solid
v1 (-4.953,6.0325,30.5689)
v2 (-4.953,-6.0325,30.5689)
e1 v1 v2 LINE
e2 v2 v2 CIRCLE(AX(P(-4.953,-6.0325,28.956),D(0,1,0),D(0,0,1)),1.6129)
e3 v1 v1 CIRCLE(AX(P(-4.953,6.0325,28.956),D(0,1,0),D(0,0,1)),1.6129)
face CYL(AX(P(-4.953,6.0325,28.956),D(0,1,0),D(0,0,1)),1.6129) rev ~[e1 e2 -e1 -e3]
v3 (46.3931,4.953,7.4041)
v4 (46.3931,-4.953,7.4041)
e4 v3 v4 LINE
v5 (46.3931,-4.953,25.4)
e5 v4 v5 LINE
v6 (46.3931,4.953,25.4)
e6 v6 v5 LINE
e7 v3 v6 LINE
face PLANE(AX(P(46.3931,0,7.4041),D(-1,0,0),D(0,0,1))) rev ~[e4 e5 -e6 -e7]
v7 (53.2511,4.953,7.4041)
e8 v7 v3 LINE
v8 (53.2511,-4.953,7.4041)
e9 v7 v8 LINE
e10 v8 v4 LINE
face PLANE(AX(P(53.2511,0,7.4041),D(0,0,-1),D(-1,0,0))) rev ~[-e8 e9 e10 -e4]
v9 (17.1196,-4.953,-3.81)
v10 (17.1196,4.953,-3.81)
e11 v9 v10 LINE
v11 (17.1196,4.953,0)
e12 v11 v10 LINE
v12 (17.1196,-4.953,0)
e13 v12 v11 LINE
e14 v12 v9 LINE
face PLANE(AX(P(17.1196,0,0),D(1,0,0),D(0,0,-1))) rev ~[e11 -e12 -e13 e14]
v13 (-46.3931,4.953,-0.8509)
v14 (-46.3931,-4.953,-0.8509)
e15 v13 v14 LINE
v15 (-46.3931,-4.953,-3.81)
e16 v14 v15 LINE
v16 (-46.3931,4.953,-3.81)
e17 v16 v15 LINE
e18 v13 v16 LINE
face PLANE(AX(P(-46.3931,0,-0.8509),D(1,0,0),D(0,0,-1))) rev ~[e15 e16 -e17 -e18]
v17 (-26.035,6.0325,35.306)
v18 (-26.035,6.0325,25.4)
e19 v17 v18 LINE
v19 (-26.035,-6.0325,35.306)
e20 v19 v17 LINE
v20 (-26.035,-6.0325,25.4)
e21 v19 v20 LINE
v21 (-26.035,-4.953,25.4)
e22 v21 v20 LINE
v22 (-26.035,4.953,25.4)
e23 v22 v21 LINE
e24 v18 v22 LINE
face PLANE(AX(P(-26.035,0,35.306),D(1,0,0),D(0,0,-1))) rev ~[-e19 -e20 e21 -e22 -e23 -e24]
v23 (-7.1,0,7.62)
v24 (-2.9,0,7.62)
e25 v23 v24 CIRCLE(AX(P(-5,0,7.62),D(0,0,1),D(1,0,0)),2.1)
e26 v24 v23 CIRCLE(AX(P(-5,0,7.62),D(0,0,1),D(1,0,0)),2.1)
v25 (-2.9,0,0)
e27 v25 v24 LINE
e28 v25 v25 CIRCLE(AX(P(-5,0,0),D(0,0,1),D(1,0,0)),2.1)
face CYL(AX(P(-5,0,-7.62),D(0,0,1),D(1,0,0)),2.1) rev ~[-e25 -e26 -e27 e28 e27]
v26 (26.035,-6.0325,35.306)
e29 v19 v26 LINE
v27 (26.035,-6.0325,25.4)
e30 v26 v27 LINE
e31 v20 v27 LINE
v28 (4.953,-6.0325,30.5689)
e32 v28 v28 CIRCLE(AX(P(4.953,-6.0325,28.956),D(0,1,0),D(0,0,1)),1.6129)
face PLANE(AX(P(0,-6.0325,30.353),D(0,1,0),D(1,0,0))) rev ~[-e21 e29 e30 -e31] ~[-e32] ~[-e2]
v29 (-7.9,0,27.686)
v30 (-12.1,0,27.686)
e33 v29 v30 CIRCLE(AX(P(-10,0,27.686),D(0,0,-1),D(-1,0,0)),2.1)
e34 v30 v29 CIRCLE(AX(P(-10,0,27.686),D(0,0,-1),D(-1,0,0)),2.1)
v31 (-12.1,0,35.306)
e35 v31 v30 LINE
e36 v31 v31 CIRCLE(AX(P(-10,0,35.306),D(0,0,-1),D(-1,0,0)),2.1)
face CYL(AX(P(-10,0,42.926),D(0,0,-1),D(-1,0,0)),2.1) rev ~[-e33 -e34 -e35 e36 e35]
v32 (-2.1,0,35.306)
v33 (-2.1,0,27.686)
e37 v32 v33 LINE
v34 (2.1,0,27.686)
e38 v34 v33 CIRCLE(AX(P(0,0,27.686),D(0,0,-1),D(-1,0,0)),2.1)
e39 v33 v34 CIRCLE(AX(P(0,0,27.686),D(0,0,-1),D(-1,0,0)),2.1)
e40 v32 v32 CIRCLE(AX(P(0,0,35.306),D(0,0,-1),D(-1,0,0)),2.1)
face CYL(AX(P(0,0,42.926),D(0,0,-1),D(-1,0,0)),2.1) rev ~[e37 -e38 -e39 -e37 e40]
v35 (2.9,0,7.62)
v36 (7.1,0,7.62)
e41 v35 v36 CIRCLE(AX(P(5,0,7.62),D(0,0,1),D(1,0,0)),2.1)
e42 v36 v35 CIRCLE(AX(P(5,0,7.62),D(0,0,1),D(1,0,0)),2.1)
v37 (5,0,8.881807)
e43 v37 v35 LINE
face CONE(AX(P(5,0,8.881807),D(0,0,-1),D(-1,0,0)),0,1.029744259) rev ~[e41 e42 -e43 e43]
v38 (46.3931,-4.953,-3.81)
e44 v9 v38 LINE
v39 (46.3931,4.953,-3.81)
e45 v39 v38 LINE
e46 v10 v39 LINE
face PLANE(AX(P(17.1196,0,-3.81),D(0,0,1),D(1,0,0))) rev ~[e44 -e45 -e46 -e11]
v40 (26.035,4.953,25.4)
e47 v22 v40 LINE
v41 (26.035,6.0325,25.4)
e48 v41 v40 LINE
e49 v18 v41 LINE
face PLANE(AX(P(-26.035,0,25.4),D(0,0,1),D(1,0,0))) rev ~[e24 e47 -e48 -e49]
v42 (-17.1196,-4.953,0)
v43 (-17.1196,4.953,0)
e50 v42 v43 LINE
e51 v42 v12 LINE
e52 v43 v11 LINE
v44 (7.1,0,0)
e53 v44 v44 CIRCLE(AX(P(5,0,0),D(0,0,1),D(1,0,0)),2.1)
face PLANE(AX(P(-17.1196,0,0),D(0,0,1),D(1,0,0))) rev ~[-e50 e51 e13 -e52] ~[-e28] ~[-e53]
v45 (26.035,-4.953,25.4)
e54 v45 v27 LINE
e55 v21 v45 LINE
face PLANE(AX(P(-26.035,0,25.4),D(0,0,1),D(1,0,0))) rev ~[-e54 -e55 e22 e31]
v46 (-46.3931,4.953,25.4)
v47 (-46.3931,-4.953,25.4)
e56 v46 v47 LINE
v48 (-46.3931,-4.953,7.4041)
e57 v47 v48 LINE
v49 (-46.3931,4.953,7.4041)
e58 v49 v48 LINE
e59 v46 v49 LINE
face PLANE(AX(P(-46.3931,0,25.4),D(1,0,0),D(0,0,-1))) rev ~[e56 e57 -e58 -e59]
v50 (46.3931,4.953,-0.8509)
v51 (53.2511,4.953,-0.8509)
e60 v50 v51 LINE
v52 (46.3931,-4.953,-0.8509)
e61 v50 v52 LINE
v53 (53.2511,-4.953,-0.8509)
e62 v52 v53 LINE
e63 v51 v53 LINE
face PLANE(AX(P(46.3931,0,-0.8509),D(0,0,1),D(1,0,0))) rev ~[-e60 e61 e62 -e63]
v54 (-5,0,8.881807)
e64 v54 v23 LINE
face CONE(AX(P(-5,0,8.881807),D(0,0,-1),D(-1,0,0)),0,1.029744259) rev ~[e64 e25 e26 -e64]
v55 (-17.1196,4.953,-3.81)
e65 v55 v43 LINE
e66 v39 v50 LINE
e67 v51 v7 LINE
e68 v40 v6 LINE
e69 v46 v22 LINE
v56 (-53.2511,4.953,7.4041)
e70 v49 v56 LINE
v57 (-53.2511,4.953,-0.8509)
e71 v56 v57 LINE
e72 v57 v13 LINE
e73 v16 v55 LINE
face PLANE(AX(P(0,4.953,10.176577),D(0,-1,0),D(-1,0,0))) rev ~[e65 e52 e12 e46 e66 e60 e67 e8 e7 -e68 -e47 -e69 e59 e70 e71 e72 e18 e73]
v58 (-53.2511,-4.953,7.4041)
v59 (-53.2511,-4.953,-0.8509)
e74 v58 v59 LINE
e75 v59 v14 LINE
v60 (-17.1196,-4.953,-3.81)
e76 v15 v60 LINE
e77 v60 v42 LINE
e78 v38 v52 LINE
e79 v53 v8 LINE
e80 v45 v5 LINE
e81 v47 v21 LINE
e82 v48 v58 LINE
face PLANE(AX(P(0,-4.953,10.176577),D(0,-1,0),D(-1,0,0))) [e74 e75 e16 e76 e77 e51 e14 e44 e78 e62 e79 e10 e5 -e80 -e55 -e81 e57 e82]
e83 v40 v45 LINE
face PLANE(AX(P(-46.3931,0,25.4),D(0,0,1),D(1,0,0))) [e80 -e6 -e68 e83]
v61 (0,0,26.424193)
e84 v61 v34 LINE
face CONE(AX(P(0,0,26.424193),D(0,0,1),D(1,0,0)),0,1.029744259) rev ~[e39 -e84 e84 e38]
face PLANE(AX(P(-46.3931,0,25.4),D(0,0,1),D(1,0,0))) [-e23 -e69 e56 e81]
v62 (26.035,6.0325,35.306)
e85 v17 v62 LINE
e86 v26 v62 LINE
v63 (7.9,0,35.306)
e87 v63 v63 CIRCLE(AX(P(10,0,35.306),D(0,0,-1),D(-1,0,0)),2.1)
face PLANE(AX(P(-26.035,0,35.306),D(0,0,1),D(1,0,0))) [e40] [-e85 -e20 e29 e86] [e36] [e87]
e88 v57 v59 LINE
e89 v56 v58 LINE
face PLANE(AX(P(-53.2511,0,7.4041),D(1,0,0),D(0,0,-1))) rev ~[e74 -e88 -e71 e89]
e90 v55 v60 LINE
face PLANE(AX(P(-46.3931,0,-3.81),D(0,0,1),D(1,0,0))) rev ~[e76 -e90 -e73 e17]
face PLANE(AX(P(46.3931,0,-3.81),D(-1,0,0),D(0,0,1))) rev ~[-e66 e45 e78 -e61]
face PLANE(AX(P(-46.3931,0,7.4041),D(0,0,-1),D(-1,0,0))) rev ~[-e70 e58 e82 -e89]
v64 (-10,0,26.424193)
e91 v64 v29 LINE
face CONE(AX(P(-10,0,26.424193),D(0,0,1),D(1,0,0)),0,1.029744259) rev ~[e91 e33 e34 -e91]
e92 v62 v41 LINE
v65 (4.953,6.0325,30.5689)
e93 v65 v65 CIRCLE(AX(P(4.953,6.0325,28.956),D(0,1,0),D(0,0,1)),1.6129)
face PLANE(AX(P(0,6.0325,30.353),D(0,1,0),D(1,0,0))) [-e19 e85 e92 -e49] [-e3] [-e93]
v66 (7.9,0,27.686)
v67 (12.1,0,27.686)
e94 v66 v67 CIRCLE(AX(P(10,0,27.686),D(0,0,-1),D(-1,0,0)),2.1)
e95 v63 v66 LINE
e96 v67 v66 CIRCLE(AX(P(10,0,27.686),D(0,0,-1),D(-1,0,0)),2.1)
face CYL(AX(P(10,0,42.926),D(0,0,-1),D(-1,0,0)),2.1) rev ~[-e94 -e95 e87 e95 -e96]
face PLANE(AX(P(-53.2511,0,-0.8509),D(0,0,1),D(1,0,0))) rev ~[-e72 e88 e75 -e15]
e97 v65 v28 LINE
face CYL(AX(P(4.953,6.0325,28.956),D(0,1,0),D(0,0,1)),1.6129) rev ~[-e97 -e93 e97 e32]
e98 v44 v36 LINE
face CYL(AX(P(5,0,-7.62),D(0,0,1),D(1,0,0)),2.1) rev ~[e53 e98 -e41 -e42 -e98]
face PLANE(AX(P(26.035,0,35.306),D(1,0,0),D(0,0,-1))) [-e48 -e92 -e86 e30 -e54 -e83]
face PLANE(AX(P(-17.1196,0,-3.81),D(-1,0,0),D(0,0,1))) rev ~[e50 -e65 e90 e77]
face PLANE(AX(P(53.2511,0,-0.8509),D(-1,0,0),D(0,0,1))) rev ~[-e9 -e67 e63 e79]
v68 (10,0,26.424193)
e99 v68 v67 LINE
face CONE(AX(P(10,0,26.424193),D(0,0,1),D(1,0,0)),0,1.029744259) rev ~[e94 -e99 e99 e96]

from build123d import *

# Parameters (mm, degrees)
BOSS_EXTRUDE1_DEPTH                 = 4.953
SKETCH4_W                           = 52.07
SKETCH4_H                           = 9.906
BOSS_EXTRUDE3_DEPTH                 = 6.0325
SKETCH5_R                           = 1.6129
CUT_EXTRUDE1_DEPTH                  = 12.065
M5X0_8_TAPPED_HOLE1_D               = 4.2
M5X0_8_TAPPED_HOLE1_DEPTH           = 7.62
M5X0_8_TAPPED_HOLE1_TIP             = 1.2618073
M5X0_8_TAPPED_HOLE1_ON_FACE_2_D     = 4.2
M5X0_8_TAPPED_HOLE1_ON_FACE_2_DEPTH = 7.62
M5X0_8_TAPPED_HOLE1_ON_FACE_2_TIP   = 1.2618073


with BuildPart() as part:
    # Sketch1 → Boss-Extrude1 (new, symmetric)
    with BuildSketch(Plane(origin=(0, 0, 0), x_dir=(1, 0, 0), z_dir=(0, 1, 0))):
        Polygon((17.1196, 3.81), (46.3931, 3.81), (46.3931, 0.8509), (53.2511, 0.8509), (53.2511, -7.4041), (46.3931, -7.4041), (46.3931, -25.4), (26.035, -25.4), (-26.035, -25.4), (-46.3931, -25.4), (-46.3931, -7.4041), (-53.2511, -7.4041), (-53.2511, 0.8509), (-46.3931, 0.8509), (-46.3931, 3.81), (-17.1196, 3.81), (-17.1196, 0), (17.1196, 0), align=None)
    extrude(amount=BOSS_EXTRUDE1_DEPTH, both=True)

    # Sketch4 → Boss-Extrude3 (add, symmetric)
    with BuildSketch(Plane(origin=(0, 0, 0), x_dir=(1, 0, 0), z_dir=(0, 1, 0))):
        with Locations((0, -30.353)):
            Rectangle(SKETCH4_W, SKETCH4_H)
    extrude(amount=BOSS_EXTRUDE3_DEPTH, both=True)

    # Sketch5 → Cut-Extrude1 (cut)
    with BuildSketch(Plane(origin=(0, 6.0325, 0), x_dir=(1, 0, 0), z_dir=(0, 1, 0))):
        with Locations(Location((-4.953, -28.956, 0), (0, 0, 270))):
            Circle(SKETCH5_R)
        with Locations(Location((4.953, -28.956, 0), (0, 0, 270))):
            Circle(SKETCH5_R)
    extrude(amount=-CUT_EXTRUDE1_DEPTH, mode=Mode.SUBTRACT)

    # M5x0.8 Tapped Hole1
    with Locations(Plane.XY.offset(35.306)):
        with Locations((0, 0), (-10, 0), (10, 0)):
            Hole(M5X0_8_TAPPED_HOLE1_D / 2, depth=M5X0_8_TAPPED_HOLE1_DEPTH)
            with Locations((0, 0, -(M5X0_8_TAPPED_HOLE1_DEPTH + M5X0_8_TAPPED_HOLE1_TIP / 2))):  # 118° drill point
                Cone(0, M5X0_8_TAPPED_HOLE1_D / 2, M5X0_8_TAPPED_HOLE1_TIP, mode=Mode.SUBTRACT)

    # M5x0.8 Tapped Hole1 on face 2
    with Locations(Plane(origin=(-5, 0, 0), x_dir=(-1, 0, 0), z_dir=(0, 0, -1))):
        with Locations((0, 0), (-10, 0)):
            Hole(M5X0_8_TAPPED_HOLE1_ON_FACE_2_D / 2, depth=M5X0_8_TAPPED_HOLE1_ON_FACE_2_DEPTH)
            with Locations((0, 0, -(M5X0_8_TAPPED_HOLE1_ON_FACE_2_DEPTH + M5X0_8_TAPPED_HOLE1_ON_FACE_2_TIP / 2))):  # 118° drill point
                Cone(0, M5X0_8_TAPPED_HOLE1_ON_FACE_2_D / 2, M5X0_8_TAPPED_HOLE1_ON_FACE_2_TIP, mode=Mode.SUBTRACT)


solid = part.part
